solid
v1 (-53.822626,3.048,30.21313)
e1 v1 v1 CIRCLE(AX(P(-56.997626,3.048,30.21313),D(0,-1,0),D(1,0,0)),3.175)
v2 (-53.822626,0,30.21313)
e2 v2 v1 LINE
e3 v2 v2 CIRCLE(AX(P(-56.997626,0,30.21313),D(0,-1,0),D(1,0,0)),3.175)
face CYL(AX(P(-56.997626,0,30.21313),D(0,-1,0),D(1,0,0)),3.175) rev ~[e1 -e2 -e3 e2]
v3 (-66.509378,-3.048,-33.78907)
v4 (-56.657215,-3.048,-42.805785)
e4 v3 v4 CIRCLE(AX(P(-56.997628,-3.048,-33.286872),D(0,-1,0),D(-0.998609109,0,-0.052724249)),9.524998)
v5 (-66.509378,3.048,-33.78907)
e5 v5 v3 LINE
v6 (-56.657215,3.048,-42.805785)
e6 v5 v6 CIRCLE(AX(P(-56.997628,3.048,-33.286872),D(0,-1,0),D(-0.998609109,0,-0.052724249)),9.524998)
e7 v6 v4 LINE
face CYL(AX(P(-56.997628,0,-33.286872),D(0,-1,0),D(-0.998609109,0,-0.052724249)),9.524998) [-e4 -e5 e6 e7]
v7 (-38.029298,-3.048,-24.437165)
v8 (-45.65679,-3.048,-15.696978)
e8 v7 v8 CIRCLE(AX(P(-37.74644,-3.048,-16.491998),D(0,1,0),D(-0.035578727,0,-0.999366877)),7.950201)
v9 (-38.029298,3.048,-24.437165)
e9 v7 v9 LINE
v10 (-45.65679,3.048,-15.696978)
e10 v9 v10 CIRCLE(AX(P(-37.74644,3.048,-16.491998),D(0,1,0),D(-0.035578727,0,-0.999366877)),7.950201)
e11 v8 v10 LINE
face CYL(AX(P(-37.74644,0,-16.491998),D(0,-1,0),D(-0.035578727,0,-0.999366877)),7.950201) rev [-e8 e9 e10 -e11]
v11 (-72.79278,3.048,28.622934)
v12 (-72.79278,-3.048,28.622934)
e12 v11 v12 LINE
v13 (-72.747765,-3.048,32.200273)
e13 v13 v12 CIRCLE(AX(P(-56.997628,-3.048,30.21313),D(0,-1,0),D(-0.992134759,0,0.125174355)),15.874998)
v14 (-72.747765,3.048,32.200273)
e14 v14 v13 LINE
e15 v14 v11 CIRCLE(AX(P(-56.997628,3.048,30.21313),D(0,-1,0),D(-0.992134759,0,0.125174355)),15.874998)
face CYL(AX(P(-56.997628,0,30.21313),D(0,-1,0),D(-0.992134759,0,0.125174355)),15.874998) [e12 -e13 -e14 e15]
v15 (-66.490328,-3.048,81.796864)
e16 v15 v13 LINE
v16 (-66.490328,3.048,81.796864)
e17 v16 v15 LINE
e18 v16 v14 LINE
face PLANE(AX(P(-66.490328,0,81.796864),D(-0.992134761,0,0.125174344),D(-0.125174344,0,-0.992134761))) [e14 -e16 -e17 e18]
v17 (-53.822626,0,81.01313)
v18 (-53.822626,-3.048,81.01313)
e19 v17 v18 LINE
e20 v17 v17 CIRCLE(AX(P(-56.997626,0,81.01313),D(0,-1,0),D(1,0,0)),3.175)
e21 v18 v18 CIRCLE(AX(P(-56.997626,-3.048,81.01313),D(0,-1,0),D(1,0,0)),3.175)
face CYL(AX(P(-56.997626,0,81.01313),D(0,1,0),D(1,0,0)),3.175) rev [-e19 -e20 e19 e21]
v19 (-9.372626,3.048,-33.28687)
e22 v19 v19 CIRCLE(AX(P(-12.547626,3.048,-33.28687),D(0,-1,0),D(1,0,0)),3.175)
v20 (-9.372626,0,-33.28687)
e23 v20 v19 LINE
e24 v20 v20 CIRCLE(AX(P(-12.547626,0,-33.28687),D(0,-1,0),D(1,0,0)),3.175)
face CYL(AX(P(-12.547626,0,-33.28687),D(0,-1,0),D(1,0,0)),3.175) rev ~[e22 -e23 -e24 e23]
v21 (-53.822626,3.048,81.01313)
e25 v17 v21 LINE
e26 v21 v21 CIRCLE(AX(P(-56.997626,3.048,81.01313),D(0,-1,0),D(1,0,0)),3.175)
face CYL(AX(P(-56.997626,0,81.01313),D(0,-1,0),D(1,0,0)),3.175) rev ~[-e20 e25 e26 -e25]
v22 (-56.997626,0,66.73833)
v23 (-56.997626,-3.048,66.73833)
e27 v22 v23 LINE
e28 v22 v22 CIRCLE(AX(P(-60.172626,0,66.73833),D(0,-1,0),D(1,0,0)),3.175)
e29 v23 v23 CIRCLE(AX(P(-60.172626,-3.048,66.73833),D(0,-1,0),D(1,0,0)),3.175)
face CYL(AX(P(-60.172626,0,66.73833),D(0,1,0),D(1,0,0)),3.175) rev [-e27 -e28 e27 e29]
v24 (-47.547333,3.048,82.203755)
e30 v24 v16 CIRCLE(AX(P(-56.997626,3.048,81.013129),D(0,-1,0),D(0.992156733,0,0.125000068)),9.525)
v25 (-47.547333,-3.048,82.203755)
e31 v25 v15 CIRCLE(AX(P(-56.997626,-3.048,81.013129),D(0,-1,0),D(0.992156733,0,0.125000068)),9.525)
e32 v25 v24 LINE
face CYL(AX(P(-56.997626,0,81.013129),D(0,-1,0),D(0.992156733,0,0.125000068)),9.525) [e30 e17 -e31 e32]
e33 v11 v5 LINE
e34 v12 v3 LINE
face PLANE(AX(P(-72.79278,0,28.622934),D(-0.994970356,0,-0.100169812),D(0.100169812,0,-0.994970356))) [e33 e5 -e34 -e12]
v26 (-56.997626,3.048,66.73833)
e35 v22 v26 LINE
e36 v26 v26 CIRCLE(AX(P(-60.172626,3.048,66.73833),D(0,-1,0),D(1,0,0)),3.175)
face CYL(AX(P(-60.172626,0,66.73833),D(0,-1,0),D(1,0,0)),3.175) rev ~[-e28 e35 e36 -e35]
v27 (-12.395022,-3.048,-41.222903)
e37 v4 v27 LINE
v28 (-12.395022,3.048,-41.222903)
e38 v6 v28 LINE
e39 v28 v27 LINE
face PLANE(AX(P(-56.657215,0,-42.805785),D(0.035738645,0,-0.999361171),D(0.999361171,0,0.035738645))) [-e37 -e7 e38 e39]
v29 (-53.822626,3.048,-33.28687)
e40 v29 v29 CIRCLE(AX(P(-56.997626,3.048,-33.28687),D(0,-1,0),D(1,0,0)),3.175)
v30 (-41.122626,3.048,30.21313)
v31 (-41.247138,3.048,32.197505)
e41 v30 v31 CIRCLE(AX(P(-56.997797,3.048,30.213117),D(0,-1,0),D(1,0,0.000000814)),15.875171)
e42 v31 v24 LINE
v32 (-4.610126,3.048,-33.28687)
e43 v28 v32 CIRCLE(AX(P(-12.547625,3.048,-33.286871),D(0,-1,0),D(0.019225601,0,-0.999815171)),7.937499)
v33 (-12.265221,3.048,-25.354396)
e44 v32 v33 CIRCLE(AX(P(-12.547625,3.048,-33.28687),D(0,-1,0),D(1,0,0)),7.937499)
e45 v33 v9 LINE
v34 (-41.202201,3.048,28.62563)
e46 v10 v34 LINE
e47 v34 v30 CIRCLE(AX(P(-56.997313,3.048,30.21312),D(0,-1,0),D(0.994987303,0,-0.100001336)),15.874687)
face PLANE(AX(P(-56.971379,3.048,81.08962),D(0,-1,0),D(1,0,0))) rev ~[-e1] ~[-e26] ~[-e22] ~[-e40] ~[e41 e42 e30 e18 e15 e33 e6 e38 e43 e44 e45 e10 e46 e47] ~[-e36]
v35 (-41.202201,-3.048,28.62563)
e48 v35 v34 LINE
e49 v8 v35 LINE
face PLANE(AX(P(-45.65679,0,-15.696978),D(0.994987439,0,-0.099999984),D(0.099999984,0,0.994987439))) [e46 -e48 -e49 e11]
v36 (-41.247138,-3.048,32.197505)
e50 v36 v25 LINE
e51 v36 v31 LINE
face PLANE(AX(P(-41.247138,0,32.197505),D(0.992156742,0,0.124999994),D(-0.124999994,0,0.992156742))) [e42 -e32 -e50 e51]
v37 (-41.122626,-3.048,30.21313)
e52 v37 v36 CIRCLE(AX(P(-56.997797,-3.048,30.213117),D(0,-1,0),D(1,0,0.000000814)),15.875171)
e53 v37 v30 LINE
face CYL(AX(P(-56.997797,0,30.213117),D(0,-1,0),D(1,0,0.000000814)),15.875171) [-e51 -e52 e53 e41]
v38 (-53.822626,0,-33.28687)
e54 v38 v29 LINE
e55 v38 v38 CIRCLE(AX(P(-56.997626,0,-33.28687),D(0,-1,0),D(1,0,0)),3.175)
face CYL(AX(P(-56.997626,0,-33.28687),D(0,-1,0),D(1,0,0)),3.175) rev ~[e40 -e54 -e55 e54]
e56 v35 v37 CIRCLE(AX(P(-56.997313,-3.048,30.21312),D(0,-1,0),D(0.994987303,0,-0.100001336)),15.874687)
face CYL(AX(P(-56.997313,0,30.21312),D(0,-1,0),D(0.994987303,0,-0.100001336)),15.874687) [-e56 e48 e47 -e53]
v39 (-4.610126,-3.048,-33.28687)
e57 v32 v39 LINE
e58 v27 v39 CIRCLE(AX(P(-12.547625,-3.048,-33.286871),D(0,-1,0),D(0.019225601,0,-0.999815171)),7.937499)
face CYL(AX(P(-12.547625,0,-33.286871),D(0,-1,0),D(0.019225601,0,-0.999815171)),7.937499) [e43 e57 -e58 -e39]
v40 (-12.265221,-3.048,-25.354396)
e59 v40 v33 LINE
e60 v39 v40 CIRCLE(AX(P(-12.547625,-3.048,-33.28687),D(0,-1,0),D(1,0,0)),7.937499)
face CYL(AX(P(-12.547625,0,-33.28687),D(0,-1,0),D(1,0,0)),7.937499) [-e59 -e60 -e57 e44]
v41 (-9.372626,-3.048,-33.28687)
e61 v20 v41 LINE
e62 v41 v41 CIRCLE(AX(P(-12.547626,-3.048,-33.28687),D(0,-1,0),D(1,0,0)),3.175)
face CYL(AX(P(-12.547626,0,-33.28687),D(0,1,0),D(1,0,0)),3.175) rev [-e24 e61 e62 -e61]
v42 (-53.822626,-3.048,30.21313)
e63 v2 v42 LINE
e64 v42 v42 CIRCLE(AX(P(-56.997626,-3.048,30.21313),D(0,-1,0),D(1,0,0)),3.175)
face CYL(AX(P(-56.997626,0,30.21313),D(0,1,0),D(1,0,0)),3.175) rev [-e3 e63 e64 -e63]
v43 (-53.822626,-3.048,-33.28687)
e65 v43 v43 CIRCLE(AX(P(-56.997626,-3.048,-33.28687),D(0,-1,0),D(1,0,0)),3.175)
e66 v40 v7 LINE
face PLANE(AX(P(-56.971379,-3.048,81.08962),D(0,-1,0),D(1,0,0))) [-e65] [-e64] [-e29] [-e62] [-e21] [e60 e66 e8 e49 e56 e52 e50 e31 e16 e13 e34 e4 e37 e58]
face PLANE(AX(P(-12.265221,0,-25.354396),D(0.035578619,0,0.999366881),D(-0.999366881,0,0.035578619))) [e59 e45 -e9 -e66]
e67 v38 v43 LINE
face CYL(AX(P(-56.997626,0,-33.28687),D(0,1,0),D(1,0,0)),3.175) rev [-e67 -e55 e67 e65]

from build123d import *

# Parameters (mm, degrees)
F0_R          = 3.175
F1_DEPTH      = 3.048
F1_DEPTH_BACK = 3.048


with BuildPart() as f1:
    # F0 (on Front) → F1 (new body, two sides)
    with BuildSketch(Plane.XZ) as f1_sk:
        with BuildLine():
            ThreePointArc((-66.490328, 81.796864), (-57.389826, 71.496208), (-47.472626, 81.01313))
            ThreePointArc((-47.472626, 81.01313), (-47.491321, 81.609613), (-47.547333, 82.203755))
            ThreePointArc((-47.547333, 82.203755), (-57.202173, 90.535933), (-66.490328, 81.796864))
        make_face()
        with Locations((-56.997626, 81.01313)):
            Circle(F0_R, mode=Mode.SUBTRACT)
        with BuildLine():
            ThreePointArc((-47.547333, 82.203755), (-47.491321, 81.609613), (-47.472626, 81.01313))
            ThreePointArc((-47.472626, 81.01313), (-57.389826, 71.496208), (-66.490328, 81.796864))
            Line((-66.490328, 81.796864), (-72.747765, 32.200273))
            ThreePointArc((-72.747765, 32.200273), (-56.996231, 46.08813), (-41.247138, 32.197505))
            Line((-41.247138, 32.197505), (-47.547333, 82.203755))
        make_face()
        with Locations((-60.172626, 66.73833)):
            Circle(F0_R, mode=Mode.SUBTRACT)
        with BuildLine():
            ThreePointArc((-41.122626, 30.21313), (-41.153785, 31.207269), (-41.247138, 32.197505))
            ThreePointArc((-41.247138, 32.197505), (-56.996231, 46.08813), (-72.747765, 32.200273))
            ThreePointArc((-72.747765, 32.200273), (-72.871369, 30.412875), (-72.79278, 28.622934))
            ThreePointArc((-72.79278, 28.622934), (-56.996271, 14.33813), (-41.202201, 28.62563))
            ThreePointArc((-41.202201, 28.62563), (-41.142532, 29.418383), (-41.122626, 30.21313))
        make_face()
        with Locations((-56.997626, 30.21313)):
            Circle(F0_R, mode=Mode.SUBTRACT)
        with BuildLine():
            ThreePointArc((-41.202201, 28.62563), (-56.996271, 14.33813), (-72.79278, 28.622934))
            Line((-72.79278, 28.622934), (-66.509378, -33.78907))
            ThreePointArc((-66.509378, -33.78907), (-57.248813, -23.765183), (-47.472626, -33.28687))
            ThreePointArc((-47.472626, -33.28687), (-50.143137, -39.900614), (-56.657215, -42.805785))
            Line((-56.657215, -42.805785), (-12.395022, -41.222903))
            ThreePointArc((-12.395022, -41.222903), (-20.484861, -33.221945), (-12.265221, -25.354396))
            Line((-12.265221, -25.354396), (-38.029298, -24.437165))
            ThreePointArc((-38.029298, -24.437165), (-43.736422, -21.719407), (-45.65679, -15.696978))
            Line((-45.65679, -15.696978), (-41.202201, 28.62563))
        make_face()
        with BuildLine():
            ThreePointArc((-47.472626, -33.28687), (-57.248813, -23.765183), (-66.509378, -33.78907))
            ThreePointArc((-66.509378, -33.78907), (-63.428308, -40.313389), (-56.657215, -42.805785))
            ThreePointArc((-56.657215, -42.805785), (-50.143137, -39.900614), (-47.472626, -33.28687))
        make_face()
        with Locations((-56.997626, -33.28687)):
            Circle(F0_R, mode=Mode.SUBTRACT)
        with BuildLine():
            ThreePointArc((-12.265221, -25.354396), (-20.484861, -33.221945), (-12.395022, -41.222903))
            ThreePointArc((-12.395022, -41.222903), (-6.881269, -38.845315), (-4.610126, -33.28687))
            ThreePointArc((-4.610126, -33.28687), (-6.835993, -27.77496), (-12.265221, -25.354396))
        make_face()
        with Locations((-12.547626, -33.28687)):
            Circle(F0_R, mode=Mode.SUBTRACT)
    extrude(amount=F1_DEPTH)
    extrude(f1_sk.sketch, amount=-F1_DEPTH_BACK)


solid = f1.part
